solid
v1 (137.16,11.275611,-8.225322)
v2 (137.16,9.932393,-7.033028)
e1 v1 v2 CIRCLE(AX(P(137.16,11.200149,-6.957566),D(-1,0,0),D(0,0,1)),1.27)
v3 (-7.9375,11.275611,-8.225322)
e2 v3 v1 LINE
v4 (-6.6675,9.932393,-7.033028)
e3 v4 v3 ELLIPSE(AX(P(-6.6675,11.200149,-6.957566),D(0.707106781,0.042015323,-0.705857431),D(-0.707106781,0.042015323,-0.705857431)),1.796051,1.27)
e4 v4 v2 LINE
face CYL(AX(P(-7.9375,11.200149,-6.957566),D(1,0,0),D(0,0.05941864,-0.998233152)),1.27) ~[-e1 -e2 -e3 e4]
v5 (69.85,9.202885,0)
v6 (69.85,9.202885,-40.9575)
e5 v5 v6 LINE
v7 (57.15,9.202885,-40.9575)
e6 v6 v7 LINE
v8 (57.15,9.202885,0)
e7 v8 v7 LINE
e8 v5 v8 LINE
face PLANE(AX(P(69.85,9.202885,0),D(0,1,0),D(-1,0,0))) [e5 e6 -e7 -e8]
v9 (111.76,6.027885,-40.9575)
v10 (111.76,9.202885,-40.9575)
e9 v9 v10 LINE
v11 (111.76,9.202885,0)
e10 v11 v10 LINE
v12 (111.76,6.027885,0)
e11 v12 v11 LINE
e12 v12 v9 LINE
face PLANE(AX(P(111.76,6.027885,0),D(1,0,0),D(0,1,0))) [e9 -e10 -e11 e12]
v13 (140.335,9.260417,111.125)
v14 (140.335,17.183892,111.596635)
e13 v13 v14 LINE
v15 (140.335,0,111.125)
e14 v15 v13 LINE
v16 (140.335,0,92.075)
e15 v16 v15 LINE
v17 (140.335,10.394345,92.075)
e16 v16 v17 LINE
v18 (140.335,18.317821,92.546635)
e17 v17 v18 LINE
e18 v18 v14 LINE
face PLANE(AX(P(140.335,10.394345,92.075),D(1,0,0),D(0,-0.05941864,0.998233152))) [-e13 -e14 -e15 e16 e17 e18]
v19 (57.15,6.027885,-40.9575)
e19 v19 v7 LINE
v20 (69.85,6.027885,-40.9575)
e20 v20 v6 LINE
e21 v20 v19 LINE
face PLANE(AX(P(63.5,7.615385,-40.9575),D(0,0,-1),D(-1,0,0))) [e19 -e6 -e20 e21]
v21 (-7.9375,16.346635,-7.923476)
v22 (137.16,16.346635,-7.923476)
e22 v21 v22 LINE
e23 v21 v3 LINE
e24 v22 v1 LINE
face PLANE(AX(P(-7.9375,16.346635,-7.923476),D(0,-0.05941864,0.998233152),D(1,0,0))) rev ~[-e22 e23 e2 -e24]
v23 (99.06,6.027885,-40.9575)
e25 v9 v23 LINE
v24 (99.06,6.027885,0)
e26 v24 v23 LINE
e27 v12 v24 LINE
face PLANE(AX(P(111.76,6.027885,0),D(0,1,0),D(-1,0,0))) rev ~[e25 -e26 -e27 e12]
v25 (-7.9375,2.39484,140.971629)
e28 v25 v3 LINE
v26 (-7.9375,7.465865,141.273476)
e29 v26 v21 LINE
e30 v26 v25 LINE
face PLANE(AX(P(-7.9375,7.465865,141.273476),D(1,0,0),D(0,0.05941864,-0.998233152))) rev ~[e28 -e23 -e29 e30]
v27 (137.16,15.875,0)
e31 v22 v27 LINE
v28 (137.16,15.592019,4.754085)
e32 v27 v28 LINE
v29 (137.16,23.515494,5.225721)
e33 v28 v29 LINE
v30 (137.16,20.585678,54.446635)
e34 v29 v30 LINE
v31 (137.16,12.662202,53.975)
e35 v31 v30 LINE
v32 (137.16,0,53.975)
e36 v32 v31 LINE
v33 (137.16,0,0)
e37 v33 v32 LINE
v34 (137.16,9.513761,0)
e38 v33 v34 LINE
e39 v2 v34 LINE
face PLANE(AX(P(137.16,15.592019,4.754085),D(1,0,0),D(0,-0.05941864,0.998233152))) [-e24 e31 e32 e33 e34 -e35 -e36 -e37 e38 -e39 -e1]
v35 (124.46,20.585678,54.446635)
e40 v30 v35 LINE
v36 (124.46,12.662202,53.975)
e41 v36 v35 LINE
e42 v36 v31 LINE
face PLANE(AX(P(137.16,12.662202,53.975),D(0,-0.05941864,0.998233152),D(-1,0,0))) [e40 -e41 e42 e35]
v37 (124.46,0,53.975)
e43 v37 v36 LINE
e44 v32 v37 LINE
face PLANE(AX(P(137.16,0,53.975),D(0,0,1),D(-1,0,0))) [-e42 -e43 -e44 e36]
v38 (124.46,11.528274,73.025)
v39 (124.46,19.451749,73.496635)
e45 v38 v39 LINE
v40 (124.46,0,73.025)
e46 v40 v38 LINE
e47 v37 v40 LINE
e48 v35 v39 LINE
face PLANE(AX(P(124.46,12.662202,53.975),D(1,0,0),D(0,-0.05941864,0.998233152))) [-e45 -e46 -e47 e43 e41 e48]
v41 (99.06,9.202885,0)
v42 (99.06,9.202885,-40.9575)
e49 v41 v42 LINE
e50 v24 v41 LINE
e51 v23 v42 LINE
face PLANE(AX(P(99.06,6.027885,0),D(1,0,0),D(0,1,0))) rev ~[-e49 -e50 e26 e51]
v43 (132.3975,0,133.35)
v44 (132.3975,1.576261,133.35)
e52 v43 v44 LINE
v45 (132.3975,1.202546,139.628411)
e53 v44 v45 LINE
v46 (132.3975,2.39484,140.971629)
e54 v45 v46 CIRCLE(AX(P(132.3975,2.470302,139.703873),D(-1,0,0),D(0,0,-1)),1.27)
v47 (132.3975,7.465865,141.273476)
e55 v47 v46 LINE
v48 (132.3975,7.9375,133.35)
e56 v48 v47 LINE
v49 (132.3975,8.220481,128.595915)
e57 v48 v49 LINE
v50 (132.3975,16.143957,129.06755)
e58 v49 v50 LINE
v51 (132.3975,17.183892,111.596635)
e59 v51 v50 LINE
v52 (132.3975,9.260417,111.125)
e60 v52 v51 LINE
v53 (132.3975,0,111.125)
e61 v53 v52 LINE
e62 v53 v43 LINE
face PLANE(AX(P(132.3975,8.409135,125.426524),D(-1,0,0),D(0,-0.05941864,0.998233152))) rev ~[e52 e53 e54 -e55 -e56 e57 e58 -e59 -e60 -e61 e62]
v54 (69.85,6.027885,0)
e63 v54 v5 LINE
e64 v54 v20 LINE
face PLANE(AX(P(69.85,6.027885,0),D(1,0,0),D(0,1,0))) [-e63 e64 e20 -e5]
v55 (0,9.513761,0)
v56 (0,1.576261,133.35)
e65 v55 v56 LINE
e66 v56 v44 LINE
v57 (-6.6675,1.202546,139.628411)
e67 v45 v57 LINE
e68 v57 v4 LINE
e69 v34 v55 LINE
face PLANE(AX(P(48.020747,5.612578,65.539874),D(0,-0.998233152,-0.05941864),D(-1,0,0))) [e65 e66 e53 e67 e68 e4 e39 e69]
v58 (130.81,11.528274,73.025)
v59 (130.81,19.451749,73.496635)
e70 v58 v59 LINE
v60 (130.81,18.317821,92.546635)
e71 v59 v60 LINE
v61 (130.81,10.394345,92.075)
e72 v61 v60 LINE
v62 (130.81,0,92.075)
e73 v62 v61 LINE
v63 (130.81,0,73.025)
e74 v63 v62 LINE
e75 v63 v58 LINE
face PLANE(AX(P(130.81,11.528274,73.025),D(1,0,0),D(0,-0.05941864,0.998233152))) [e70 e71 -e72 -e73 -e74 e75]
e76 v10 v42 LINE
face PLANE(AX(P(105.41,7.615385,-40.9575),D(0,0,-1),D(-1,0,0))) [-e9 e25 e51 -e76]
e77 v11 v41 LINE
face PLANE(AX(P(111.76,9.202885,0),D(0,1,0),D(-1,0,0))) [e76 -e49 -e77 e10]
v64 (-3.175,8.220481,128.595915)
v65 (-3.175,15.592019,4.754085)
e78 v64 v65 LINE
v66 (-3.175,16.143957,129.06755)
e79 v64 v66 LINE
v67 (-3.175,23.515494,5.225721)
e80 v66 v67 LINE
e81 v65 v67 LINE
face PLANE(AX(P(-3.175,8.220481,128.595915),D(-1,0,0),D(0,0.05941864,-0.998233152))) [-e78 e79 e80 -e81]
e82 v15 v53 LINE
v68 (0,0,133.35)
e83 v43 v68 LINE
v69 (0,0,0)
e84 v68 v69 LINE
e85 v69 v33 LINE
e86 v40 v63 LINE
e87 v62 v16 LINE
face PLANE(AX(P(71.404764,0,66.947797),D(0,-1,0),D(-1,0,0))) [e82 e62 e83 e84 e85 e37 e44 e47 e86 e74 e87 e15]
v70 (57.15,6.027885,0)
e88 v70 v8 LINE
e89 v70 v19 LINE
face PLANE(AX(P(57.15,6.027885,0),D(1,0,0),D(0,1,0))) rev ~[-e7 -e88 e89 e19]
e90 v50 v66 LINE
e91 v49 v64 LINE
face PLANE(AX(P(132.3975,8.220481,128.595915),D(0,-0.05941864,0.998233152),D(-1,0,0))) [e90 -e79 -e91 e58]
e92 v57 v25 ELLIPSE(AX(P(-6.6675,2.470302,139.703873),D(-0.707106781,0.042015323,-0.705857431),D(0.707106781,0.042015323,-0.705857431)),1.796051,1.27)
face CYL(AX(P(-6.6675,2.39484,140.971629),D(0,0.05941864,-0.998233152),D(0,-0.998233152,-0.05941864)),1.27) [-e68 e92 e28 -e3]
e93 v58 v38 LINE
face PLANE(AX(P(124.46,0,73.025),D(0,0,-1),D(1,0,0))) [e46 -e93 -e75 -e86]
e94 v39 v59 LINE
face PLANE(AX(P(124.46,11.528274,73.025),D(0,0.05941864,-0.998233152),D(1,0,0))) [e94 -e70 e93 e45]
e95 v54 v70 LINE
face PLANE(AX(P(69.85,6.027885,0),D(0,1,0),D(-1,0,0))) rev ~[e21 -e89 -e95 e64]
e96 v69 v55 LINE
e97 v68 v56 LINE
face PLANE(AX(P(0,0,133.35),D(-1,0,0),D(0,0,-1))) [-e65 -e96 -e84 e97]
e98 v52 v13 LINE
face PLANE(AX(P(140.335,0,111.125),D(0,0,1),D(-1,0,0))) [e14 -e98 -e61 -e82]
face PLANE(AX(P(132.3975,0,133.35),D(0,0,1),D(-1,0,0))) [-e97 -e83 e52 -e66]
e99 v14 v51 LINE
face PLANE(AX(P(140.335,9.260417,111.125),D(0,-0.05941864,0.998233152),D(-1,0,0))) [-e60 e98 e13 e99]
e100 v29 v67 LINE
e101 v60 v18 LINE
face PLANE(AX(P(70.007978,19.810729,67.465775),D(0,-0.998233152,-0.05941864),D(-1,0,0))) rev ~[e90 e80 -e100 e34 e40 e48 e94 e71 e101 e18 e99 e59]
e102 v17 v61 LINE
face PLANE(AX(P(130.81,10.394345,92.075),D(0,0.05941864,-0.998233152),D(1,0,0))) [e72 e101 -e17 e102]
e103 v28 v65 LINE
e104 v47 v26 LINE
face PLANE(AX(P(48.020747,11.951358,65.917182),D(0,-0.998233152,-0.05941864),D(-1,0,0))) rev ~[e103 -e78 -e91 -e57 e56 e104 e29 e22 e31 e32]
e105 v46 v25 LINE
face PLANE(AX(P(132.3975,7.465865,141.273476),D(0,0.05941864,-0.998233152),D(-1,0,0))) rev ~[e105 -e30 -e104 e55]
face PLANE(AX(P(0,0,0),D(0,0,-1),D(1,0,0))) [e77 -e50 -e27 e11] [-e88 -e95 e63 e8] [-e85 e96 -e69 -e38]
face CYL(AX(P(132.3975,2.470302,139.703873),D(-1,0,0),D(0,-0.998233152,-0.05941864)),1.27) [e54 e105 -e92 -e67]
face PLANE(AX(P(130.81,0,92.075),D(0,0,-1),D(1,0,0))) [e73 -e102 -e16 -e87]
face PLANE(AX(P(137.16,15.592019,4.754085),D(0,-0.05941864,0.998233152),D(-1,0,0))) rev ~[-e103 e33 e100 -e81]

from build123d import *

# Parameters (mm, degrees)
BOSS_EXTRUDE1_DEPTH = 15.875
CUT_EXTRUDE1_DEPTH  = 195.237355702
BOSS_EXTRUDE2_DEPTH = 6.35
FILLET1_R           = 1.27
BOSS_EXTRUDE3_DEPTH = 7.9375
SKETCH5_W           = 12.7
SKETCH5_H           = 3.175
BOSS_EXTRUDE4_DEPTH = 40.9575


with BuildPart() as part:
    # Sketch1 → Boss-Extrude1 (new body)
    with BuildSketch(Plane(origin=(0, 0, 0), x_dir=(1, 0, 0), z_dir=(0, 1, 0))):
        Polygon((0, 0), (137.16, 0), (137.16, -53.975), (124.46, -53.975), (124.46, -73.025), (130.81, -73.025), (130.81, -92.075), (140.335, -92.075), (140.335, -111.125), (132.3975, -111.125), (132.3975, -133.35), (0, -133.35), align=None)
    extrude(amount=BOSS_EXTRUDE1_DEPTH)

    # Sketch2 → Cut-Extrude1 (cut, through all)
    with BuildSketch(Plane.ZY):
        Polygon((133.35, 7.9375), (133.35, 15.875), (0, 15.875), align=None)
    extrude(amount=-CUT_EXTRUDE1_DEPTH, mode=Mode.SUBTRACT)

    # Sketch3 → Boss-Extrude2 (add)
    with BuildSketch(Plane(origin=(0, 15.818952125, 0.941604293), x_dir=(1, 0, 0), z_dir=(0, 0.9982331517348171, 0.05941863998421531))):
        Polygon((-7.9375, 8.88077091), (137.16, 8.88077091), (137.16, -6.99422909), (7.9375, -6.99422909), (7.9375, -124.705255329), (132.3975, -124.705255329), (132.3975, -140.580255329), (-7.9375, -140.580255329), align=None)
    extrude(amount=-BOSS_EXTRUDE2_DEPTH)

    # Fillet1
    fillet1_edges = [part.edges().sort_by_distance(p)[0] for p in [
        (-7.9375, 5.567469486, 66.297691636),
        (64.61125, 10.007854941, -8.300784006),
        (62.23, 1.127084032, 140.896167278),
    ]]
    fillet(fillet1_edges, radius=FILLET1_R)

    # Sketch4 → Boss-Extrude3 (add)
    with BuildSketch(Plane(origin=(0, 15.818952125, 0.941604293), x_dir=(1, 0, 0), z_dir=(0, 0.9982331517348171, 0.05941863998421531))):
        Polygon((-3.175, -3.81922909), (103.849852773, -3.81922909), (137.16, -3.81922909), (137.16, -53.12726352), (124.46, -53.12726352), (124.46, -72.210981554), (130.81, -72.210981554), (130.81, -91.294699588), (140.335, -91.294699588), (140.335, -110.378417623), (132.3975, -110.378417623), (132.3975, -127.880255329), (-3.175, -127.880255329), align=None)
    extrude(amount=BOSS_EXTRUDE3_DEPTH)

    # Sketch5 → Boss-Extrude4 (add)
    with BuildSketch(Plane(origin=(0, 0, 0), x_dir=(-1, 0, 0), z_dir=(0, 0, -1))):
        with Locations((-63.5, 7.615385455)):
            Rectangle(SKETCH5_W, SKETCH5_H)
        with Locations((-105.41, 7.615385455)):
            Rectangle(SKETCH5_W, SKETCH5_H)
    extrude(amount=BOSS_EXTRUDE4_DEPTH)


solid = part.part
